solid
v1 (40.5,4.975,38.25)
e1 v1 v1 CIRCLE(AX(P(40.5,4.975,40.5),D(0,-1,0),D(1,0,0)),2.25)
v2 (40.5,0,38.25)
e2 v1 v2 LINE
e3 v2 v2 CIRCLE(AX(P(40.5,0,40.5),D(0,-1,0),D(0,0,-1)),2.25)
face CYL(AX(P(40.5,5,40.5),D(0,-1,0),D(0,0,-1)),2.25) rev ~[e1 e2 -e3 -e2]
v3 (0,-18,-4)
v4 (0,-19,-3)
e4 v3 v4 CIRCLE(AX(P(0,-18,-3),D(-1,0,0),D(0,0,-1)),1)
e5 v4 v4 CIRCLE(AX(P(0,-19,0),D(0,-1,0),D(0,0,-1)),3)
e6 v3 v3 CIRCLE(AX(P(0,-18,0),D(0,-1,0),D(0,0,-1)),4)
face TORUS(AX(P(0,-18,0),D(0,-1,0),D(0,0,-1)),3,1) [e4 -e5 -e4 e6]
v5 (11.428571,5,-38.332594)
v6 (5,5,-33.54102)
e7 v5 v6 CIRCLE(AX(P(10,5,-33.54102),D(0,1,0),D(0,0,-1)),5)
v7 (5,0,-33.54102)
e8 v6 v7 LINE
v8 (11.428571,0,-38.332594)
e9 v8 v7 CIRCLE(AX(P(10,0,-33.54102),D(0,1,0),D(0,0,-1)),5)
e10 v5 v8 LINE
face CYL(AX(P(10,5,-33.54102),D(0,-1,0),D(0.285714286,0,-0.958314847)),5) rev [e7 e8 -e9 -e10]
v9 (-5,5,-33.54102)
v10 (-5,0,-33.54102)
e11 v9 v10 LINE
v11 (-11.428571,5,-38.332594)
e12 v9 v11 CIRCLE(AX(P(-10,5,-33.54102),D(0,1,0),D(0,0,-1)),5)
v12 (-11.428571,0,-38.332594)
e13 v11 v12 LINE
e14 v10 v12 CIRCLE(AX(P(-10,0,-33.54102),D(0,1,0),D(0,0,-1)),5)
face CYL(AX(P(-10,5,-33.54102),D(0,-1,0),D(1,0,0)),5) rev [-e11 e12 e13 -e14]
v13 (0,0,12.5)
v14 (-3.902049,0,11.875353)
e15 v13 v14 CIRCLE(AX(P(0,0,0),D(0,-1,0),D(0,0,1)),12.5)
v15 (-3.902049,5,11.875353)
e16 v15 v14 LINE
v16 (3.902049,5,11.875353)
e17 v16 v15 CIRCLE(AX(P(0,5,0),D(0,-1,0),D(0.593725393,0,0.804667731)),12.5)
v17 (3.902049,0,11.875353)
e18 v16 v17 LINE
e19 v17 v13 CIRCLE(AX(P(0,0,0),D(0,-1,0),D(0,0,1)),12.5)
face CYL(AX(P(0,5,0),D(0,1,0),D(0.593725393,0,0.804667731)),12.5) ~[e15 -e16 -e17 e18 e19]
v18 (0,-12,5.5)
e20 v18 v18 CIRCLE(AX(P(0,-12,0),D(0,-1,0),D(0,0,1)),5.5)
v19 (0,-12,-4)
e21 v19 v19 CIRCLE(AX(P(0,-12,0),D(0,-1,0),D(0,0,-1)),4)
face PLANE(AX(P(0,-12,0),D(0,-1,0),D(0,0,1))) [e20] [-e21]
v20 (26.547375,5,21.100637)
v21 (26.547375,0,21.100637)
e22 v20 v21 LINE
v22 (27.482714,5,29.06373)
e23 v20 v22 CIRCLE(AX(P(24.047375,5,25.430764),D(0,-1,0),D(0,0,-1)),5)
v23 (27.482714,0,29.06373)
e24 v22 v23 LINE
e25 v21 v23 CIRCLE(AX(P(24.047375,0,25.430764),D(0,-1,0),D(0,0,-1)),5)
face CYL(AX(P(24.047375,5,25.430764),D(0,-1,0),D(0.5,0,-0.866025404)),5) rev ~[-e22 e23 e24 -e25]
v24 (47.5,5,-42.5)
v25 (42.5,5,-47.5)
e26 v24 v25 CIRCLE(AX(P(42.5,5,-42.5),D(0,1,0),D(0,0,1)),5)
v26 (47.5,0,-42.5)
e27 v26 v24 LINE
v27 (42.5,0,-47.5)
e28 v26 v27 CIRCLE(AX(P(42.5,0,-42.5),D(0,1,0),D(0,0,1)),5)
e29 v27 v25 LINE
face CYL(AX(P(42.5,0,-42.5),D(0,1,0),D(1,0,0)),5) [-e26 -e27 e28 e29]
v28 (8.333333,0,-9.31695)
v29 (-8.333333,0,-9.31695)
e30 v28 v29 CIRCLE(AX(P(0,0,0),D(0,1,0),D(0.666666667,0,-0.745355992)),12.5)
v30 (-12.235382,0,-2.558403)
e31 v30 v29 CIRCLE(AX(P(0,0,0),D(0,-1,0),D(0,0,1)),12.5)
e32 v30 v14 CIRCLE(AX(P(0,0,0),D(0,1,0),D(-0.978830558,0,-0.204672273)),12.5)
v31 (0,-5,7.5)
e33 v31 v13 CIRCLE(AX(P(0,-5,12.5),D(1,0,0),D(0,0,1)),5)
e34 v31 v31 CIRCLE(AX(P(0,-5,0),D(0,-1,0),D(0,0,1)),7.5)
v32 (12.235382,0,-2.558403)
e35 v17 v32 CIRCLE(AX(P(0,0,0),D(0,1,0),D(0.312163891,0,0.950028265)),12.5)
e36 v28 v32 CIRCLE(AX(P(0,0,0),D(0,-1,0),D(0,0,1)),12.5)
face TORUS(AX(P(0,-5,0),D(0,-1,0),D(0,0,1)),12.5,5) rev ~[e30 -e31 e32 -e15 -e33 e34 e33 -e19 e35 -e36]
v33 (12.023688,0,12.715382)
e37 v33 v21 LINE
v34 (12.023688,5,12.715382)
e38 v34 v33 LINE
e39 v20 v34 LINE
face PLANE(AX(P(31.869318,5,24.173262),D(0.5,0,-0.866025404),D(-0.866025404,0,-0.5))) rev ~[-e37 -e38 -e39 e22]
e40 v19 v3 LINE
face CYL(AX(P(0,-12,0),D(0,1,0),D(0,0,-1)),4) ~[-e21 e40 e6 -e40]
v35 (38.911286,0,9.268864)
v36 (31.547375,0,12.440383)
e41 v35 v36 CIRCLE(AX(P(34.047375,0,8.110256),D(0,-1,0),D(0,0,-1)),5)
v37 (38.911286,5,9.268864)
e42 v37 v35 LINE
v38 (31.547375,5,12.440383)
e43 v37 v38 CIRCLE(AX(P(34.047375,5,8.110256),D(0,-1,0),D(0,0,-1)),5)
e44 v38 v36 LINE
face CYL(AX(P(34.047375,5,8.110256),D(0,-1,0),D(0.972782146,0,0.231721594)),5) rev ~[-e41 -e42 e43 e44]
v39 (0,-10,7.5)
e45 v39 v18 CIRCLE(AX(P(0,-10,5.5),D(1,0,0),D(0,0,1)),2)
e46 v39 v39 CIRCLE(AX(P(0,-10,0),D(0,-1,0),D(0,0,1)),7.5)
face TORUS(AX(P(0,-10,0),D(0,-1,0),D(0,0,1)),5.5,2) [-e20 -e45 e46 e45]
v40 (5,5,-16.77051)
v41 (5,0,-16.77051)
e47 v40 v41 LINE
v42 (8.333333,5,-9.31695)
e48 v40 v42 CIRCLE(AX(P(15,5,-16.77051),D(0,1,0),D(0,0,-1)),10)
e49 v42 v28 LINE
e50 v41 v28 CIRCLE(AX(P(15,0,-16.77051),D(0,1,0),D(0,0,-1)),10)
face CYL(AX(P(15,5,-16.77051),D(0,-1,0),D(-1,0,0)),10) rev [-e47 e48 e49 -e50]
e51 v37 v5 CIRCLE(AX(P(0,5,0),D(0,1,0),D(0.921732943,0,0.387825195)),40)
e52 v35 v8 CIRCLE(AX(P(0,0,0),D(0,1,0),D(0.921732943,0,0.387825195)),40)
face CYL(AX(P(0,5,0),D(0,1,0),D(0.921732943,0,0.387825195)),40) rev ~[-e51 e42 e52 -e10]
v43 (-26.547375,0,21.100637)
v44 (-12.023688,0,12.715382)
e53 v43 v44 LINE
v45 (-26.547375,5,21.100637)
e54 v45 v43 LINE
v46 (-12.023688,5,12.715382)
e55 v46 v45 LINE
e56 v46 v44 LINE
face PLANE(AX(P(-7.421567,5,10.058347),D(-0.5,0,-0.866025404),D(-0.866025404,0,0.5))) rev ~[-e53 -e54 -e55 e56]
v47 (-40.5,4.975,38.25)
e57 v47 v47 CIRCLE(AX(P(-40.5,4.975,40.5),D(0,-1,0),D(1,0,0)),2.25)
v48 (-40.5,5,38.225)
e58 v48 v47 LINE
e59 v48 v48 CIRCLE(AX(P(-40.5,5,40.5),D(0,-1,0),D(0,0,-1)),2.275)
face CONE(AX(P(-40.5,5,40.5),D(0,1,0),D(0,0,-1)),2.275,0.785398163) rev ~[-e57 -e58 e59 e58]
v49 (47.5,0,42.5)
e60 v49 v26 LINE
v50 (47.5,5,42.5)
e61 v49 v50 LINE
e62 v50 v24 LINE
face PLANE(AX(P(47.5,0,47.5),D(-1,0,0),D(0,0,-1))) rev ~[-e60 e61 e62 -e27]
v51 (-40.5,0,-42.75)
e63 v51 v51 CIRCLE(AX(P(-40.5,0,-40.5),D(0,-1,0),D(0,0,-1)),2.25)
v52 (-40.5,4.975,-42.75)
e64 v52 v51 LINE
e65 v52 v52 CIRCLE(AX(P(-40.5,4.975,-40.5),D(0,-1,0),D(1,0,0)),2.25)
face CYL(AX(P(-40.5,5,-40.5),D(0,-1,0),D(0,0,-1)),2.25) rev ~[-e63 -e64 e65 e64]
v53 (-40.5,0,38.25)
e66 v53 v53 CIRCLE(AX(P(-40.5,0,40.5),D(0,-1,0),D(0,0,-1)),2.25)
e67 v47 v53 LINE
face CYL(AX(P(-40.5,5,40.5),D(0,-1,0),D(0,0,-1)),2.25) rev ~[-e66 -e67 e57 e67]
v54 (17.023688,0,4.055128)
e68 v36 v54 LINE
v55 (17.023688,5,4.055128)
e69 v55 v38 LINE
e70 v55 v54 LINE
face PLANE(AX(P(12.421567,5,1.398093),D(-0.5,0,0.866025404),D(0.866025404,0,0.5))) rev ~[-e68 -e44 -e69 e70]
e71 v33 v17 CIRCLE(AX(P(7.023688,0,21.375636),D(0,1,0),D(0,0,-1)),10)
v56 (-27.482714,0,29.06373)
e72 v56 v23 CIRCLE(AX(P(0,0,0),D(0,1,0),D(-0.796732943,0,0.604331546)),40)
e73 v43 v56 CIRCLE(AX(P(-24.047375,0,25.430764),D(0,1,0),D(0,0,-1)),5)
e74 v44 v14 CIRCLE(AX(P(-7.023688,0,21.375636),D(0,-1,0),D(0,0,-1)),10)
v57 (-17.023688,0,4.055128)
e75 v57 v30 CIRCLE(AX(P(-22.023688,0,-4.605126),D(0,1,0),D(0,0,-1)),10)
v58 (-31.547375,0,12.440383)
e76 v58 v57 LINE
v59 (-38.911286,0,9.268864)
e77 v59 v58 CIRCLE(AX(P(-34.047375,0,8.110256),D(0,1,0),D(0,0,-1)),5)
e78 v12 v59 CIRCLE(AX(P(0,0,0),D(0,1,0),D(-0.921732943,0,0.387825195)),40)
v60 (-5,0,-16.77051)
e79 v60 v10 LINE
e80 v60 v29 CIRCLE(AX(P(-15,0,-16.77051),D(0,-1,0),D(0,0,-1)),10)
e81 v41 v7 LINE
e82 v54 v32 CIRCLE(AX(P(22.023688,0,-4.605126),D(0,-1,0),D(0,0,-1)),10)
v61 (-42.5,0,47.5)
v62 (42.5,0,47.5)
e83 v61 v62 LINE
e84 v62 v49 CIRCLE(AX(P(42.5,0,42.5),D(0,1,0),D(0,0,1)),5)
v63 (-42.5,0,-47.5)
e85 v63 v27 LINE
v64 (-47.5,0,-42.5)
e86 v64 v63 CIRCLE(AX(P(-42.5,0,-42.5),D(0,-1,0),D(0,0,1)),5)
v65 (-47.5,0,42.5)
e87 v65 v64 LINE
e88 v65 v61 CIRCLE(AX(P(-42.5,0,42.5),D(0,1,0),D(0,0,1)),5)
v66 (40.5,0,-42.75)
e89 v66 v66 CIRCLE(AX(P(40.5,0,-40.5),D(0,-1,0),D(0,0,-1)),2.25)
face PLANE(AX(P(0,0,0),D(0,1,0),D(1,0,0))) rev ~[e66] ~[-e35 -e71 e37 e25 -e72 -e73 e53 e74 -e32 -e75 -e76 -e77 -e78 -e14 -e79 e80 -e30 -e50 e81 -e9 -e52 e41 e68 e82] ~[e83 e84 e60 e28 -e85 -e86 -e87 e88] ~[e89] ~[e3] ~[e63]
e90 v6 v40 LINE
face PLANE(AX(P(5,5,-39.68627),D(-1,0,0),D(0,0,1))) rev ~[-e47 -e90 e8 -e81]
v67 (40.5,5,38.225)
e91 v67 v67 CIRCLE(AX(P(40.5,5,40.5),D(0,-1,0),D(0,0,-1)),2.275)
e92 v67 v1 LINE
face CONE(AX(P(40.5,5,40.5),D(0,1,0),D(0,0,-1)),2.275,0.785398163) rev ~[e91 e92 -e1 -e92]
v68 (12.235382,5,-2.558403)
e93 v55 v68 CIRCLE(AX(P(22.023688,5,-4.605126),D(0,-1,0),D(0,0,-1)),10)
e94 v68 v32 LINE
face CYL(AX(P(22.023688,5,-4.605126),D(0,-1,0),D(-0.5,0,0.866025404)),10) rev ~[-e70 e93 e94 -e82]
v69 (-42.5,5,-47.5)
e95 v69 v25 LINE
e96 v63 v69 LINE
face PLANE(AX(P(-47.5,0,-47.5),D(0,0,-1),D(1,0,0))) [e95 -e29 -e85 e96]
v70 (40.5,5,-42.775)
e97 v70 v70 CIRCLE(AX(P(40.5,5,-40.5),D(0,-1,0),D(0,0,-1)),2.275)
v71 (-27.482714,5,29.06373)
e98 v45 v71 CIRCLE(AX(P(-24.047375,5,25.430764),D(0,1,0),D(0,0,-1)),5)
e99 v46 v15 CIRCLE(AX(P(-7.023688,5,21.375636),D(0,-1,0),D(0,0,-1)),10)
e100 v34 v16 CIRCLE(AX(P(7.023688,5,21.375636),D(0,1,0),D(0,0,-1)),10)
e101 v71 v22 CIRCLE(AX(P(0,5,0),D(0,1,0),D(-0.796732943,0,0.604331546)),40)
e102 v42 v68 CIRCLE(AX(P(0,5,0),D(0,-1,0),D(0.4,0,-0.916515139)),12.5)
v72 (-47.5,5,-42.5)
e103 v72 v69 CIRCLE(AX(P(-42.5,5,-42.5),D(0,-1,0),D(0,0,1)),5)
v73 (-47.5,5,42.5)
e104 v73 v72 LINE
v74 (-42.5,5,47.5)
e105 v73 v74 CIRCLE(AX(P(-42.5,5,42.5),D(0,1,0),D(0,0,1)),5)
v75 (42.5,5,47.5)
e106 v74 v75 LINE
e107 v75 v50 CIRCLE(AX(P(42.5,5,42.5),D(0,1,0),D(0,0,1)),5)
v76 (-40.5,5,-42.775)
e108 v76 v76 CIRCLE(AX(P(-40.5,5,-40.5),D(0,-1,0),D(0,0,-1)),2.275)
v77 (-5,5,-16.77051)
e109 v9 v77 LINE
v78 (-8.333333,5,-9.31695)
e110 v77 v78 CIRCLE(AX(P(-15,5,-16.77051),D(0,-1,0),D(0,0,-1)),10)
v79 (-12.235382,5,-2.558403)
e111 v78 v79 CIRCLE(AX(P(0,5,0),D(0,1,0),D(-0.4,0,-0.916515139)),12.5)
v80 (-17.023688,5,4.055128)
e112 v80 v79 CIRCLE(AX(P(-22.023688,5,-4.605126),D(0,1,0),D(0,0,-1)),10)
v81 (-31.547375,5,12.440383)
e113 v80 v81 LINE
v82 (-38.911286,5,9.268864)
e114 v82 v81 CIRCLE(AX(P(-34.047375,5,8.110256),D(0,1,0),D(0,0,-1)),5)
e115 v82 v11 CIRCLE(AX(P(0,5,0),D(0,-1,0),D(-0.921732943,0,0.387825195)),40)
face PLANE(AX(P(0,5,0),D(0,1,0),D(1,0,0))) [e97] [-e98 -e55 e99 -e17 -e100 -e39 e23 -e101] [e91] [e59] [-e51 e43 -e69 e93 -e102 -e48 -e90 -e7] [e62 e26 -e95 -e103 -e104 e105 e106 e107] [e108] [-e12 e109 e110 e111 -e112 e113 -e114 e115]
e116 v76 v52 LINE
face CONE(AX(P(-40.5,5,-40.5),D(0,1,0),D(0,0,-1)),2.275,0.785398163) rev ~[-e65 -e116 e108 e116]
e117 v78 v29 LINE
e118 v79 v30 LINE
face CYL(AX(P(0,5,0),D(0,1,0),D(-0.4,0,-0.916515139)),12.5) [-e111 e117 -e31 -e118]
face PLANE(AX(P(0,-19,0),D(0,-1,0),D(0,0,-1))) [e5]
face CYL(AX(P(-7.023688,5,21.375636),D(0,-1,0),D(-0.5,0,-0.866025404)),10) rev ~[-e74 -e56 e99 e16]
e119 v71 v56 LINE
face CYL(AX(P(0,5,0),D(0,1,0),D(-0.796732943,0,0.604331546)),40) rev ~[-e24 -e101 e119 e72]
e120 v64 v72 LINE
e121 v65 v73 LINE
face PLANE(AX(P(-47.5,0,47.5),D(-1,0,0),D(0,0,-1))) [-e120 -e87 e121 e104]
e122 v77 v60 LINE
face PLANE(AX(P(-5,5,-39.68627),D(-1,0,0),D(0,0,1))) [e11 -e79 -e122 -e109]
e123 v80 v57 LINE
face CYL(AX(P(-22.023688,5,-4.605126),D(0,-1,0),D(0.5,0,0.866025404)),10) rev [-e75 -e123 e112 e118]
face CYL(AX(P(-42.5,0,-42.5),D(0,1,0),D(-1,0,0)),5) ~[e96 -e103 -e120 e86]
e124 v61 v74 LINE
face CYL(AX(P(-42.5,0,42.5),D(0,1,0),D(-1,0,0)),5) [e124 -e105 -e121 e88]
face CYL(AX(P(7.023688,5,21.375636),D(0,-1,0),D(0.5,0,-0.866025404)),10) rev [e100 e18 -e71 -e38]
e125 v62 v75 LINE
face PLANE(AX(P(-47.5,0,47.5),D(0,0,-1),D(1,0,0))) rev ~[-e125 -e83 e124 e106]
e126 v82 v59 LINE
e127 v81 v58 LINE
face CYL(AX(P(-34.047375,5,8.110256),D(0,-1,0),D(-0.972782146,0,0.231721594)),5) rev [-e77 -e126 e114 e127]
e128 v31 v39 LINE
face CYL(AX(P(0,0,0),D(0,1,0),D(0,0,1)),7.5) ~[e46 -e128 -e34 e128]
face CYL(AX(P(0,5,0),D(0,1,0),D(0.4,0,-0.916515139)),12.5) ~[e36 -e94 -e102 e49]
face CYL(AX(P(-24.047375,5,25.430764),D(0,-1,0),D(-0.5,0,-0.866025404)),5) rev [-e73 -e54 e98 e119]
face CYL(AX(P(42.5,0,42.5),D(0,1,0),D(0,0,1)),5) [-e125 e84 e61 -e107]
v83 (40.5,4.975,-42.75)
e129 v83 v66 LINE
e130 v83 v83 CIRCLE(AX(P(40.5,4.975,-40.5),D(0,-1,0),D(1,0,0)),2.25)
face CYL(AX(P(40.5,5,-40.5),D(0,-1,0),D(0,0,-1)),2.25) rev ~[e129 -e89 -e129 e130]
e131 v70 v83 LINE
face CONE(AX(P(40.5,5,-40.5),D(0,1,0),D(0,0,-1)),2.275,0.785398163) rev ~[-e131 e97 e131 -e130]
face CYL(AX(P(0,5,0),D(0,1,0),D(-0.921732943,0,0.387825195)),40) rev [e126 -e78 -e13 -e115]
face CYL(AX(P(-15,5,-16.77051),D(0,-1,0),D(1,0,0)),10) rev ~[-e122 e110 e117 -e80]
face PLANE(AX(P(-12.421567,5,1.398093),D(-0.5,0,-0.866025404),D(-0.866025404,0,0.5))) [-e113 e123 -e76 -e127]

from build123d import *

# Parameters (mm, degrees)
SKETCH1_W                      = 95
SKETCH1_H                      = 95
BOSS_EXTRUDE1_DEPTH            = 5
FILLET1_R                      = 5
M4_CLEARANCE_HOLE1_D           = 4.5
M4_CLEARANCE_HOLE1_CSINK_D     = 4.55
M4_CLEARANCE_HOLE1_CSINK_ANGLE = 90
SKETCH5_R                      = 7.5
BOSS_EXTRUDE2_DEPTH            = 12
SKETCH6_R                      = 4
BOSS_EXTRUDE3_DEPTH            = 7
FILLET2_R                      = 2
FILLET3_R                      = 5
FILLET4_R                      = 1
CUT_EXTRUDE2_REACH             = 73.334
FILLET5_R                      = 5
FILLET6_R                      = 10


with BuildPart() as part:
    # Sketch1 → Boss-Extrude1 (new body)
    with BuildSketch(Plane(origin=(0, 0, 0), x_dir=(1, 0, 0), z_dir=(0, 1, 0))):
        Rectangle(SKETCH1_W, SKETCH1_H)
    extrude(amount=BOSS_EXTRUDE1_DEPTH)

    # Fillet1
    fillet1_edges = [part.edges().sort_by_distance(p)[0] for p in [
        (-47.50000000000001, 2.5, 47.5),
        (-47.50000000000001, 2.5, -47.5),
        (47.49999999999999, 2.5, -47.5),
        (47.49999999999999, 2.5, 47.5),
    ]]
    fillet(fillet1_edges, radius=FILLET1_R)

    # M4 Clearance Hole1 (through all)
    with Locations(Plane(origin=(-40.5, 5, -40.5), x_dir=(0, 0, 1), z_dir=(0, 1, 0))):
        with Locations((0, 0), (0, 81), (81, 81), (81, 0)):
            CounterSinkHole(M4_CLEARANCE_HOLE1_D / 2, M4_CLEARANCE_HOLE1_CSINK_D / 2, counter_sink_angle=M4_CLEARANCE_HOLE1_CSINK_ANGLE)

    # Sketch5 → Boss-Extrude2 (add)
    with BuildSketch(Plane.XZ):
        with Locations(Location((0, 0, 0), (0, 0, 90))):
            Circle(SKETCH5_R)
    extrude(amount=BOSS_EXTRUDE2_DEPTH)

    # Sketch6 → Boss-Extrude3 (add)
    with BuildSketch(Plane.XZ.offset(12)):
        with Locations(Location((0, 0, 0), (0, 0, 270))):
            Circle(SKETCH6_R)
    extrude(amount=BOSS_EXTRUDE3_DEPTH)

    # Fillet2
    fillet2_edges = [part.edges().sort_by_distance(p)[0] for p in [
        (-4.71e-15, -12, -7.5),
    ]]
    fillet(fillet2_edges, radius=FILLET2_R)

    # Fillet3
    fillet3_edges = [part.edges().sort_by_distance(p)[0] for p in [
        (-4.71e-15, 0, -7.5),
    ]]
    fillet(fillet3_edges, radius=FILLET3_R)

    # Fillet4
    fillet4_edges = [part.edges().sort_by_distance(p)[0] for p in [
        (1.22e-15, -19, 4),
    ]]
    fillet(fillet4_edges, radius=FILLET4_R)

    # Sketch2 → Cut-Extrude2 (cut, up to next)
    with BuildSketch(Plane(origin=(0, 5, 0), x_dir=(1, 0, 0), z_dir=(0, 1, 0)), mode=Mode.PRIVATE) as cut_extrude2_sk1:
        with BuildLine():
            Line((5.000000000000003, 39.68626966596886), (4.999999999999999, 11.456439237389601))
            ThreePointArc((4.999999999999999, 11.456439237389601), (10.8253175473055, 6.249999999999979), (12.421567416492215, -1.398092599772662))
            Line((12.421567416492215, -1.398092599772662), (36.86931771216872, -15.51300781406241))
            ThreePointArc((36.86931771216872, -15.51300781406241), (34.64101615137759, 19.99999999999991), (5.000000000000003, 39.68626966596886))
        make_face()
    cut_extrude2_tool1 = extrude(cut_extrude2_sk1.sketch, amount=-CUT_EXTRUDE2_REACH, mode=Mode.PRIVATE) & part.part
    # Sketch2 → Cut-Extrude2 (cut, up to next)
    with BuildSketch(Plane(origin=(0, 5, 0), x_dir=(1, 0, 0), z_dir=(0, 1, 0)), mode=Mode.PRIVATE) as cut_extrude2_sk2:
        with BuildLine():
            Line((-5.000000000000003, 39.68626966596886), (-4.999999999999999, 11.456439237389601))
            ThreePointArc((-4.999999999999999, 11.456439237389601), (-10.825317547305497, 6.249999999999976), (-12.42156741649221, -1.3980925997726692))
            Line((-12.42156741649221, -1.3980925997726692), (-36.86931771216872, -15.513007814062414))
            ThreePointArc((-36.86931771216872, -15.513007814062414), (-34.64101615137759, 19.999999999999922), (-5.000000000000003, 39.68626966596886))
        make_face()
    cut_extrude2_tool2 = extrude(cut_extrude2_sk2.sketch, amount=-CUT_EXTRUDE2_REACH, mode=Mode.PRIVATE) & part.part
    # Sketch2 → Cut-Extrude2 (cut, up to next)
    with BuildSketch(Plane(origin=(0, 5, 0), x_dir=(1, 0, 0), z_dir=(0, 1, 0)), mode=Mode.PRIVATE) as cut_extrude2_sk3:
        with BuildLine():
            Line((-7.4215674164921674, -10.058346637617028), (-31.86931771216868, -24.173261851906783))
            ThreePointArc((-31.86931771216868, -24.173261851906783), (2.45e-15, -40), (31.869317712168694, -24.173261851906773))
            Line((31.869317712168694, -24.173261851906773), (7.421567416492171, -10.058346637617028))
            ThreePointArc((7.421567416492171, -10.058346637617028), (7.7e-16, -12.5), (-7.4215674164921674, -10.058346637617028))
        make_face()
    cut_extrude2_tool3 = extrude(cut_extrude2_sk3.sketch, amount=-CUT_EXTRUDE2_REACH, mode=Mode.PRIVATE) & part.part
    add(cut_extrude2_tool1.solids().sort_by_distance((22.174901, 5, -12.802685))[0], mode=Mode.SUBTRACT)
    add(cut_extrude2_tool2.solids().sort_by_distance((-22.174901, 5, -12.802685))[0], mode=Mode.SUBTRACT)
    add(cut_extrude2_tool3.solids().sort_by_distance((0, 5, 25.60537))[0], mode=Mode.SUBTRACT)

    # Fillet5
    fillet5_edges = [part.edges().sort_by_distance(p)[0] for p in [
        (-36.86931771216872, 2.5, 15.513007814062414),
        (-4.999999999999998, 2.5, -39.68626966596885),
        (31.869317712168694, 2.5, 24.173261851906776),
        (-31.869317712168684, 2.5, 24.173261851906787),
        (5.000000000000002, 2.5, -39.68626966596885),
        (36.86931771216872, 2.5, 15.51300781406241),
    ]]
    fillet(fillet5_edges, radius=FILLET5_R)

    # Fillet6
    fillet6_edges = [part.edges().sort_by_distance(p)[0] for p in [
        (-4.999999999999998, 2.5, -11.456439237389603),
        (-12.42156741649221, 2.5, 1.398092599772669),
        (-7.421567416492167, 2.5, 10.058346637617028),
        (7.42156741649217, 2.5, 10.058346637617026),
        (12.421567416492213, 2.5, 1.3980925997726628),
        (4.999999999999999, 2.5, -11.4564392373896),
    ]]
    fillet(fillet6_edges, radius=FILLET6_R)


solid = part.part
